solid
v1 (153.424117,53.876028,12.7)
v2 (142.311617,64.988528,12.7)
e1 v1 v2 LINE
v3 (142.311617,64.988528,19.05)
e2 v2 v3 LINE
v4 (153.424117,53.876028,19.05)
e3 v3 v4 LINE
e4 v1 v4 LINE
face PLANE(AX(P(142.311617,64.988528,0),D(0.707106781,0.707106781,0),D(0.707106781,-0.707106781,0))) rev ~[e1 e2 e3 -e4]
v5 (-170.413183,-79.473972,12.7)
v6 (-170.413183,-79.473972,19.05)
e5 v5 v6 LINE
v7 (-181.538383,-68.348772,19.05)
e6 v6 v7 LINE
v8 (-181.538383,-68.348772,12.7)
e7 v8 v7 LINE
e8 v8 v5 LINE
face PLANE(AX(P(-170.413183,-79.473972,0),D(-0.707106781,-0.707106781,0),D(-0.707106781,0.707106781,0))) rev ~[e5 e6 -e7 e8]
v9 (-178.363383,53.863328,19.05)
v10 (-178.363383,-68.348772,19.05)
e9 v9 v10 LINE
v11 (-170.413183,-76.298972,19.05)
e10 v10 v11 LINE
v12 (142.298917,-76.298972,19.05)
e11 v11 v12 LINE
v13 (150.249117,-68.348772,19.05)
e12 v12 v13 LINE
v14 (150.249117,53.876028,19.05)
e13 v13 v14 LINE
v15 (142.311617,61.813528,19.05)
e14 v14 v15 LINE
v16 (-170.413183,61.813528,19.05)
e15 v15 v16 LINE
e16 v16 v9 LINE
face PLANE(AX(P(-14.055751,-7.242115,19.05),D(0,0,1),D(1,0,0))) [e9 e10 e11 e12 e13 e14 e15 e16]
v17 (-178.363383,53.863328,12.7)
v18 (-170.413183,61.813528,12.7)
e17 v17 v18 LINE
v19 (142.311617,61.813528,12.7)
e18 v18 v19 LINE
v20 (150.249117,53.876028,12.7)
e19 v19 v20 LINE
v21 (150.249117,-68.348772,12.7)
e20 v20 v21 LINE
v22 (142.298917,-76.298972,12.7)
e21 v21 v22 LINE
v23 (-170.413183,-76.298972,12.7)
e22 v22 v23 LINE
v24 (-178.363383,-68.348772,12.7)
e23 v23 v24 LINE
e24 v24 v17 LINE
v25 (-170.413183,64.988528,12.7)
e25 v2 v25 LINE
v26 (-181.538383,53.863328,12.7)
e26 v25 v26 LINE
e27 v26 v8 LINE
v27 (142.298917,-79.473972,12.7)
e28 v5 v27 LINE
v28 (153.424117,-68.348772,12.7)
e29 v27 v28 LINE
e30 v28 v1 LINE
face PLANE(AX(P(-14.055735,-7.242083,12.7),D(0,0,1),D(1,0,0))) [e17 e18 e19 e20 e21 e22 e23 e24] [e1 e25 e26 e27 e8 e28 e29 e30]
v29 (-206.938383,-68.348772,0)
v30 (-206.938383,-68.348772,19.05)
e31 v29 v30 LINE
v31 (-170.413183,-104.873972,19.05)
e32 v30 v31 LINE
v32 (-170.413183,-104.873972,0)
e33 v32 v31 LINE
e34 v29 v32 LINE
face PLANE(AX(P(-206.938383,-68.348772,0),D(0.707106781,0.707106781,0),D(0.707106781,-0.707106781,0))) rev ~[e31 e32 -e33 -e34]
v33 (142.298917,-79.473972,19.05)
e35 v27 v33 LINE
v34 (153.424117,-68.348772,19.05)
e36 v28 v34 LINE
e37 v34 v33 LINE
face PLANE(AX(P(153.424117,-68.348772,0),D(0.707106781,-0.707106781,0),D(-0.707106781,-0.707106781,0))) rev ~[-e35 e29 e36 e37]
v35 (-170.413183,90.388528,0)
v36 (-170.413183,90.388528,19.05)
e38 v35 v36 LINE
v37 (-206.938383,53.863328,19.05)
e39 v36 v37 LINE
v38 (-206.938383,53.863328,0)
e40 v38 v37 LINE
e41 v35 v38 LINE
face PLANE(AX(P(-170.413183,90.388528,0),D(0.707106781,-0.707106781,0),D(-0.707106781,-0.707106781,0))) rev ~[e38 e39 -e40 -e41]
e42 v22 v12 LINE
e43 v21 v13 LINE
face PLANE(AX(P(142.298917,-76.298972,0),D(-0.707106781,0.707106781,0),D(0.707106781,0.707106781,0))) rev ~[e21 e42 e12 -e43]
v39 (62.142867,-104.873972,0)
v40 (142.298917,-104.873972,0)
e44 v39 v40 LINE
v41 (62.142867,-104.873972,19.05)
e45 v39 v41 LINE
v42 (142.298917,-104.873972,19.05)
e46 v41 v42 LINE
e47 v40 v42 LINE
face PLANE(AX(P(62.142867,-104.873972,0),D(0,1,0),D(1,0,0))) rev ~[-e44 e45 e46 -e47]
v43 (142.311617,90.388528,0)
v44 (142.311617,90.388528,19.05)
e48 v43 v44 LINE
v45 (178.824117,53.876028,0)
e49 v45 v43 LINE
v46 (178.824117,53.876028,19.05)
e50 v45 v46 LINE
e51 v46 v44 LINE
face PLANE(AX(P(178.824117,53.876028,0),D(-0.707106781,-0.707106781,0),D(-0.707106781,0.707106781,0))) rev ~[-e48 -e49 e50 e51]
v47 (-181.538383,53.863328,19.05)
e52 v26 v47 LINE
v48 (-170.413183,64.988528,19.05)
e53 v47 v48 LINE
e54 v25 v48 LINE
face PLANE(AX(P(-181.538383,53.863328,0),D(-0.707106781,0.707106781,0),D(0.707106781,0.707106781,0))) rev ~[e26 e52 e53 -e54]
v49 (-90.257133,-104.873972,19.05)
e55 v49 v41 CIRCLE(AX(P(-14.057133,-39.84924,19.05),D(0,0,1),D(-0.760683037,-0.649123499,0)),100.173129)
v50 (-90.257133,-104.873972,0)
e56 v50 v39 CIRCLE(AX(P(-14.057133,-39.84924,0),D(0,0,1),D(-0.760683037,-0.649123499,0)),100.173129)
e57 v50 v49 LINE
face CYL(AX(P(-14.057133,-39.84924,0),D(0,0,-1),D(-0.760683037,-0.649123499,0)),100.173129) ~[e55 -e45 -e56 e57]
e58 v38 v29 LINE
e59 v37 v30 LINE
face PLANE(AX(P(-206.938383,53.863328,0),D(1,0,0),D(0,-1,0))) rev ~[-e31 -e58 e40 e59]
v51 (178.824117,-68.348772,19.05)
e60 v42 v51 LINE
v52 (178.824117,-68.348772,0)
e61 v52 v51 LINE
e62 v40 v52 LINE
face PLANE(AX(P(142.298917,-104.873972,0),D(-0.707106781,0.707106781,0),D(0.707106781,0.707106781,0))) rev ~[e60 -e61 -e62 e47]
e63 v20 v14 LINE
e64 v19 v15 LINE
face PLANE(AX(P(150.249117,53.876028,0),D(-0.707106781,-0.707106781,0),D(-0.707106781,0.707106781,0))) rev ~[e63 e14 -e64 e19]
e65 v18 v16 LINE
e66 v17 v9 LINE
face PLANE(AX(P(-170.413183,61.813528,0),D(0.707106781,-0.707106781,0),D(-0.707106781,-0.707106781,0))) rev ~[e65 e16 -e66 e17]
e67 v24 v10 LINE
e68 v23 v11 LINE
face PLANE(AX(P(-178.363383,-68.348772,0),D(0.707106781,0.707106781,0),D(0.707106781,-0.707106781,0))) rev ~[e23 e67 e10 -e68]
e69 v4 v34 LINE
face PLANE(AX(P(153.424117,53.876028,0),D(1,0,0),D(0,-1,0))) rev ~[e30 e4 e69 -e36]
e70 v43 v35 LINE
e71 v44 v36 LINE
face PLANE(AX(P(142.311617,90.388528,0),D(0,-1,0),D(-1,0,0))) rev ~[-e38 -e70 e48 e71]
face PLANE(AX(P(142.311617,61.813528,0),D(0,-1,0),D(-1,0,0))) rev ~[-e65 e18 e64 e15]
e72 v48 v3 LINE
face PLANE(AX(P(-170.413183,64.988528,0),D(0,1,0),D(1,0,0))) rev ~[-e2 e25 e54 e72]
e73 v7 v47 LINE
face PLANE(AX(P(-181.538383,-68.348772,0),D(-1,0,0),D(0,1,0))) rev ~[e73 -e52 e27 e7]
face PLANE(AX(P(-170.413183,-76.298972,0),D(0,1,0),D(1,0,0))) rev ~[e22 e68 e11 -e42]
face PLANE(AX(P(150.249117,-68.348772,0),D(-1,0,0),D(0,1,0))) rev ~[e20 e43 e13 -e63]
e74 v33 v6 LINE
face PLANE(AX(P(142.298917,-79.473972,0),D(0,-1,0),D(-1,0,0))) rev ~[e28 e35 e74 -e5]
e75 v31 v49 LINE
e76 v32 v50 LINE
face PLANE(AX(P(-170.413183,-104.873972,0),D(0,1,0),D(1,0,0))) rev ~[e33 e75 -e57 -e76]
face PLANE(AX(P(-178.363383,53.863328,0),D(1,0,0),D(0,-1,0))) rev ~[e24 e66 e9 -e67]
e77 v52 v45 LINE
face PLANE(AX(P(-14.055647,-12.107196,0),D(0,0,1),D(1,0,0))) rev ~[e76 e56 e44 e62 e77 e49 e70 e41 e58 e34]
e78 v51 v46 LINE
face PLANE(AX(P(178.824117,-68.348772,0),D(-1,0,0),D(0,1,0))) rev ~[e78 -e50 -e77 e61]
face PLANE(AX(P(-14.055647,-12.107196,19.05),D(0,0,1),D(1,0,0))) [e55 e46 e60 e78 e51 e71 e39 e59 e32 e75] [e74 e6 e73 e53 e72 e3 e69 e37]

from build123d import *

# Parameters (mm, degrees)
F1_DEPTH = 19.05
F2_DEPTH = 12.7
F3_DEPTH = 19.05


with BuildPart() as f1:
    # F0 (on Top) → F1 (new body)
    with BuildSketch(Plane.XY):
        Polygon((-170.413183, 61.813528), (-178.363383, 53.863328), (-178.363383, -68.348772), (-170.413183, -76.298972), (142.298917, -76.298972), (150.249117, -68.348772), (150.249117, 53.876028), (142.311617, 61.813528), align=None)
    extrude(amount=F1_DEPTH)

    # F0 (on Top) → F2 (join)
    with BuildSketch(Plane.XY):
        Polygon((153.424117, 53.876028), (142.311617, 64.988528), (-170.413183, 64.988528), (-181.538383, 53.863328), (-181.538383, -68.348772), (-170.413183, -79.473972), (142.298917, -79.473972), (153.424117, -68.348772), align=None)
        Polygon((-178.363383, -68.348772), (-178.363383, 53.863328), (-170.413183, 61.813528), (142.311617, 61.813528), (150.249117, 53.876028), (150.249117, -68.348772), (142.298917, -76.298972), (-170.413183, -76.298972), align=None, mode=Mode.SUBTRACT)
    extrude(amount=F2_DEPTH)

    # F0 (on Top) → F3 (join)
    with BuildSketch(Plane.XY):
        with BuildLine():
            Line((178.824117, 53.876028), (142.311617, 90.388528))
            Line((142.311617, 90.388528), (-170.413183, 90.388528))
            Line((-170.413183, 90.388528), (-206.938383, 53.863328))
            Line((-206.938383, 53.863328), (-206.938383, -68.348772))
            Line((-206.938383, -68.348772), (-170.413183, -104.873972))
            Line((-170.413183, -104.873972), (-90.257133, -104.873972))
            ThreePointArc((-90.257133, -104.873972), (-14.057133, -140.022369), (62.142867, -104.873972))
            Line((62.142867, -104.873972), (142.298917, -104.873972))
            Line((142.298917, -104.873972), (178.824117, -68.348772))
            Line((178.824117, -68.348772), (178.824117, 53.876028))
        make_face()
        Polygon((-170.413183, 64.988528), (142.311617, 64.988528), (153.424117, 53.876028), (153.424117, -68.348772), (142.298917, -79.473972), (-170.413183, -79.473972), (-181.538383, -68.348772), (-181.538383, 53.863328), align=None, mode=Mode.SUBTRACT)
    extrude(amount=F3_DEPTH)


solid = f1.part
